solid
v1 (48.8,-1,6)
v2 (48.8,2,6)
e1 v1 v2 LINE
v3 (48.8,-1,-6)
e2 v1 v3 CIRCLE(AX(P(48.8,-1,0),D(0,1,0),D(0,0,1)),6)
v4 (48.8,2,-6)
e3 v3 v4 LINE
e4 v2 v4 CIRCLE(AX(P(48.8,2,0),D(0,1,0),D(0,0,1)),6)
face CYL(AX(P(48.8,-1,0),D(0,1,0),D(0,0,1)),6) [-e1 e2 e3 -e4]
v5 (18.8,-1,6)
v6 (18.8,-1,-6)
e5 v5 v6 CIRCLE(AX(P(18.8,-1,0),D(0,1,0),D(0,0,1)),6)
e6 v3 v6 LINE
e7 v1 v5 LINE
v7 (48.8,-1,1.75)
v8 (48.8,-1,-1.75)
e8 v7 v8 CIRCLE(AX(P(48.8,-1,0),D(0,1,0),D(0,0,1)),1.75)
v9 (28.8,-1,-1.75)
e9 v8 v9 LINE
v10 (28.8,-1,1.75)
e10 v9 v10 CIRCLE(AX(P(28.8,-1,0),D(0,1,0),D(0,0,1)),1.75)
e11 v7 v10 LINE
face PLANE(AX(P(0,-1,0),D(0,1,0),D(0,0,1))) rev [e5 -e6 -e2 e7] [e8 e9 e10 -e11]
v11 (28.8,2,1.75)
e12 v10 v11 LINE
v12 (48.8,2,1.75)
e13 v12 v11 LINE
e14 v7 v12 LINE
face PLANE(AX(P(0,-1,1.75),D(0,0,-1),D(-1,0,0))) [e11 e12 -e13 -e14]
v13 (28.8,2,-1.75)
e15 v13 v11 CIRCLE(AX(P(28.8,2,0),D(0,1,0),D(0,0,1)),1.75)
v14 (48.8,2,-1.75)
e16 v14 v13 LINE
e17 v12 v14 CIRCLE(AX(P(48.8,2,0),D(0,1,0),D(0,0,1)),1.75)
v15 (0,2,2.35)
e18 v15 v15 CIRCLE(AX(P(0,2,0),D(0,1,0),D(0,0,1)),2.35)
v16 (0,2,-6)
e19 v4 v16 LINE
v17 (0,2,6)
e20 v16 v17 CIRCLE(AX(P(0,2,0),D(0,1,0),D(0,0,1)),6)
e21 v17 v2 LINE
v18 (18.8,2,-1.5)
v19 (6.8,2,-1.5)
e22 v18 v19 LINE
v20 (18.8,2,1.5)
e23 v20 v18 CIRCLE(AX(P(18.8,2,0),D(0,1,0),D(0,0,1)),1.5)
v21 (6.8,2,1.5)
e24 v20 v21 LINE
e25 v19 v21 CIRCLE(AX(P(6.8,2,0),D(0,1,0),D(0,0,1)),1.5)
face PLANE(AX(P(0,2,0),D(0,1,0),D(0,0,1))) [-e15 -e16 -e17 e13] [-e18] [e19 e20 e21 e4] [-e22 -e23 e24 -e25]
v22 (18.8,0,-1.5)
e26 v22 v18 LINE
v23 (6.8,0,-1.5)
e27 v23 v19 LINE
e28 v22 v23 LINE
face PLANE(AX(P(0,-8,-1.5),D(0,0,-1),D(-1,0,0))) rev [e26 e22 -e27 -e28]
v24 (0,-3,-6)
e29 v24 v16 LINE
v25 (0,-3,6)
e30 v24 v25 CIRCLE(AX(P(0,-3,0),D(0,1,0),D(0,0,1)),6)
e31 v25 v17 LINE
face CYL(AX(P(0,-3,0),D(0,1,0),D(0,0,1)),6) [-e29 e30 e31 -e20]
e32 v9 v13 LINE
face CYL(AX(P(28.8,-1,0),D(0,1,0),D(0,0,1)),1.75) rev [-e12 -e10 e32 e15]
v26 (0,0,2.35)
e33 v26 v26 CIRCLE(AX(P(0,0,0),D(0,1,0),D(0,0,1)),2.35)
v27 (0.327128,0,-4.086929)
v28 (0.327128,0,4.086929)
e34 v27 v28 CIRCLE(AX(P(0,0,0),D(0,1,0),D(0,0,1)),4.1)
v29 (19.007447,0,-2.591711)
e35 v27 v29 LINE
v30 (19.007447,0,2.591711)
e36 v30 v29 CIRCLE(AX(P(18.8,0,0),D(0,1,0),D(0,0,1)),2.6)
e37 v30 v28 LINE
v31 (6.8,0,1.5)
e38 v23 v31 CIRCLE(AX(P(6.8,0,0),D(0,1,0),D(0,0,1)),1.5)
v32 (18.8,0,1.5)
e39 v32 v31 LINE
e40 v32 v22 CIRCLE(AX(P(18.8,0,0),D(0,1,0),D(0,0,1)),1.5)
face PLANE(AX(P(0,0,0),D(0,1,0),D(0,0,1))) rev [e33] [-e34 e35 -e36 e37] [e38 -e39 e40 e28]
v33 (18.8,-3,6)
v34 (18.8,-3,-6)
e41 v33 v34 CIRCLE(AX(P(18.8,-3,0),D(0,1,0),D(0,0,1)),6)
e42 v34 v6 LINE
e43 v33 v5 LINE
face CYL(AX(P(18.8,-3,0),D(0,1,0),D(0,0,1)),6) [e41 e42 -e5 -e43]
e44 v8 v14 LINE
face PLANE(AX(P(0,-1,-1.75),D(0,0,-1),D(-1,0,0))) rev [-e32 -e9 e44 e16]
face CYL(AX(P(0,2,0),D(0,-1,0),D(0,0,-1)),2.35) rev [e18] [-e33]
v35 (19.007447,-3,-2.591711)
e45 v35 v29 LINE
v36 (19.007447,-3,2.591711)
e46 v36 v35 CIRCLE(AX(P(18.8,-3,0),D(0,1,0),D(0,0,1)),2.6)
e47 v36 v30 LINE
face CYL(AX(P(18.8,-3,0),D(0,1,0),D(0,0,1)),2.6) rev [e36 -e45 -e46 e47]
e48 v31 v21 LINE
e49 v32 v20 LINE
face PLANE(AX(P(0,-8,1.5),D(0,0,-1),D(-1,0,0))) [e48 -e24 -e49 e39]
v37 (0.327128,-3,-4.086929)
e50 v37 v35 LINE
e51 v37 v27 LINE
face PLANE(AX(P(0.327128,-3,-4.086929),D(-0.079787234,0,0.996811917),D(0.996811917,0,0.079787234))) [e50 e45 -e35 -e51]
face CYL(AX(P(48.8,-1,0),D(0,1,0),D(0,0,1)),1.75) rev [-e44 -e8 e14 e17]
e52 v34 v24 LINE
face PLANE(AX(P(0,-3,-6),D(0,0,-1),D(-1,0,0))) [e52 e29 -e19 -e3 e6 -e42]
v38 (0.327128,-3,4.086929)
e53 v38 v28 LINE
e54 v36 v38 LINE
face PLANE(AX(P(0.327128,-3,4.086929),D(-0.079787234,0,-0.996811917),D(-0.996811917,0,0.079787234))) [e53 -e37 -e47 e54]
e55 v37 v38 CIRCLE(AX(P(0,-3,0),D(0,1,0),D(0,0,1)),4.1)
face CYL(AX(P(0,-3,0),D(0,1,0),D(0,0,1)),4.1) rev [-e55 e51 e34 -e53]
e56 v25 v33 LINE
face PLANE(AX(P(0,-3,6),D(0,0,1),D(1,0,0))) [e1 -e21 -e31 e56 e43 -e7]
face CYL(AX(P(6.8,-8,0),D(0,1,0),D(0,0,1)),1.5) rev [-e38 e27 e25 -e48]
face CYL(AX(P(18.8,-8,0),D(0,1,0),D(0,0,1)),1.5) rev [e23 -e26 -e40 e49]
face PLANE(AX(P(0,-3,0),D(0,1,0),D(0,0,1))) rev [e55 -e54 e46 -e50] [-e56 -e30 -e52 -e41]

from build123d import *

# Parameters (mm, degrees)
EXTRUDE_1_DEPTH     = 3
EXTRUDE_START       = 2
SKETCH_1_4_R        = 2.35
EXTRUDE_2_DEPTH     = 2
EXTRUDE_3_DEPTH     = 3
CUT_EXTRUDE_1_DEPTH = 10


with BuildPart() as part:
    # 草图1 → 凸台-拉伸1 (new body)
    with BuildSketch(Plane(origin=(0, 0, 0), x_dir=(1, 0, 0), z_dir=(0, 1, 0))):
        with BuildLine():
            ThreePointArc((0, 6), (-6, 0), (0, -6))
            Line((0, -6), (18.8, -6))
            ThreePointArc((18.8, -6), (24.8, 0), (18.8, 6))
            Line((18.8, 6), (0, 6))
        make_face()
        with BuildLine():
            ThreePointArc((0.32712766, -4.086928858), (-4.1, 0), (0.32712766, 4.086928858))
            Line((0.32712766, 4.086928858), (19.007446809, 2.591710983))
            ThreePointArc((19.007446809, 2.591710983), (21.4, 0), (19.007446809, -2.591710983))
            Line((19.007446809, -2.591710983), (0.32712766, -4.086928858))
        make_face(mode=Mode.SUBTRACT)
    extrude(amount=-EXTRUDE_1_DEPTH)

    # 草图1<4> → 凸台-拉伸2 (add)
    with BuildSketch(Plane(origin=(0, 0, 0), x_dir=(1, 0, 0), z_dir=(0, 1, 0)).offset(EXTRUDE_START)):
        with BuildLine():
            ThreePointArc((0, 6), (-6, 0), (0, -6))
            Line((0, -6), (18.8, -6))
            ThreePointArc((18.8, -6), (24.8, 0), (18.8, 6))
            Line((18.8, 6), (0, 6))
        make_face()
        Circle(SKETCH_1_4_R, mode=Mode.SUBTRACT)
    extrude(amount=-EXTRUDE_2_DEPTH)

    # 草图2 → 凸台-拉伸3 (add)
    with BuildSketch(Plane(origin=(0, 2, 0), x_dir=(1, 0, 0), z_dir=(0, 1, 0))):
        with BuildLine():
            Line((48.8, 6), (18.8, 6))
            ThreePointArc((18.8, 6), (24.8, 0), (18.8, -6))
            Line((18.8, -6), (48.8, -6))
            ThreePointArc((48.8, -6), (54.8, 0), (48.8, 6))
        make_face()
        with BuildLine():
            ThreePointArc((48.8, 1.75), (50.55, 0), (48.8, -1.75))
            Line((48.8, -1.75), (28.8, -1.75))
            ThreePointArc((28.8, -1.75), (27.05, 0), (28.8, 1.75))
            Line((28.8, 1.75), (48.8, 1.75))
        make_face(mode=Mode.SUBTRACT)
    extrude(amount=-EXTRUDE_3_DEPTH)

    # 草图2<3> → 切除-拉伸1 (cut)
    with BuildSketch(Plane(origin=(0, 2, 0), x_dir=(1, 0, 0), z_dir=(0, 1, 0))):
        with BuildLine():
            ThreePointArc((18.8, -1.5), (20.3, 0), (18.8, 1.5))
            Line((18.8, 1.5), (6.8, 1.5))
            ThreePointArc((6.8, 1.5), (5.3, 0), (6.8, -1.5))
            Line((6.8, -1.5), (18.8, -1.5))
        make_face()
    extrude(amount=-CUT_EXTRUDE_1_DEPTH, mode=Mode.SUBTRACT)


solid = part.part
